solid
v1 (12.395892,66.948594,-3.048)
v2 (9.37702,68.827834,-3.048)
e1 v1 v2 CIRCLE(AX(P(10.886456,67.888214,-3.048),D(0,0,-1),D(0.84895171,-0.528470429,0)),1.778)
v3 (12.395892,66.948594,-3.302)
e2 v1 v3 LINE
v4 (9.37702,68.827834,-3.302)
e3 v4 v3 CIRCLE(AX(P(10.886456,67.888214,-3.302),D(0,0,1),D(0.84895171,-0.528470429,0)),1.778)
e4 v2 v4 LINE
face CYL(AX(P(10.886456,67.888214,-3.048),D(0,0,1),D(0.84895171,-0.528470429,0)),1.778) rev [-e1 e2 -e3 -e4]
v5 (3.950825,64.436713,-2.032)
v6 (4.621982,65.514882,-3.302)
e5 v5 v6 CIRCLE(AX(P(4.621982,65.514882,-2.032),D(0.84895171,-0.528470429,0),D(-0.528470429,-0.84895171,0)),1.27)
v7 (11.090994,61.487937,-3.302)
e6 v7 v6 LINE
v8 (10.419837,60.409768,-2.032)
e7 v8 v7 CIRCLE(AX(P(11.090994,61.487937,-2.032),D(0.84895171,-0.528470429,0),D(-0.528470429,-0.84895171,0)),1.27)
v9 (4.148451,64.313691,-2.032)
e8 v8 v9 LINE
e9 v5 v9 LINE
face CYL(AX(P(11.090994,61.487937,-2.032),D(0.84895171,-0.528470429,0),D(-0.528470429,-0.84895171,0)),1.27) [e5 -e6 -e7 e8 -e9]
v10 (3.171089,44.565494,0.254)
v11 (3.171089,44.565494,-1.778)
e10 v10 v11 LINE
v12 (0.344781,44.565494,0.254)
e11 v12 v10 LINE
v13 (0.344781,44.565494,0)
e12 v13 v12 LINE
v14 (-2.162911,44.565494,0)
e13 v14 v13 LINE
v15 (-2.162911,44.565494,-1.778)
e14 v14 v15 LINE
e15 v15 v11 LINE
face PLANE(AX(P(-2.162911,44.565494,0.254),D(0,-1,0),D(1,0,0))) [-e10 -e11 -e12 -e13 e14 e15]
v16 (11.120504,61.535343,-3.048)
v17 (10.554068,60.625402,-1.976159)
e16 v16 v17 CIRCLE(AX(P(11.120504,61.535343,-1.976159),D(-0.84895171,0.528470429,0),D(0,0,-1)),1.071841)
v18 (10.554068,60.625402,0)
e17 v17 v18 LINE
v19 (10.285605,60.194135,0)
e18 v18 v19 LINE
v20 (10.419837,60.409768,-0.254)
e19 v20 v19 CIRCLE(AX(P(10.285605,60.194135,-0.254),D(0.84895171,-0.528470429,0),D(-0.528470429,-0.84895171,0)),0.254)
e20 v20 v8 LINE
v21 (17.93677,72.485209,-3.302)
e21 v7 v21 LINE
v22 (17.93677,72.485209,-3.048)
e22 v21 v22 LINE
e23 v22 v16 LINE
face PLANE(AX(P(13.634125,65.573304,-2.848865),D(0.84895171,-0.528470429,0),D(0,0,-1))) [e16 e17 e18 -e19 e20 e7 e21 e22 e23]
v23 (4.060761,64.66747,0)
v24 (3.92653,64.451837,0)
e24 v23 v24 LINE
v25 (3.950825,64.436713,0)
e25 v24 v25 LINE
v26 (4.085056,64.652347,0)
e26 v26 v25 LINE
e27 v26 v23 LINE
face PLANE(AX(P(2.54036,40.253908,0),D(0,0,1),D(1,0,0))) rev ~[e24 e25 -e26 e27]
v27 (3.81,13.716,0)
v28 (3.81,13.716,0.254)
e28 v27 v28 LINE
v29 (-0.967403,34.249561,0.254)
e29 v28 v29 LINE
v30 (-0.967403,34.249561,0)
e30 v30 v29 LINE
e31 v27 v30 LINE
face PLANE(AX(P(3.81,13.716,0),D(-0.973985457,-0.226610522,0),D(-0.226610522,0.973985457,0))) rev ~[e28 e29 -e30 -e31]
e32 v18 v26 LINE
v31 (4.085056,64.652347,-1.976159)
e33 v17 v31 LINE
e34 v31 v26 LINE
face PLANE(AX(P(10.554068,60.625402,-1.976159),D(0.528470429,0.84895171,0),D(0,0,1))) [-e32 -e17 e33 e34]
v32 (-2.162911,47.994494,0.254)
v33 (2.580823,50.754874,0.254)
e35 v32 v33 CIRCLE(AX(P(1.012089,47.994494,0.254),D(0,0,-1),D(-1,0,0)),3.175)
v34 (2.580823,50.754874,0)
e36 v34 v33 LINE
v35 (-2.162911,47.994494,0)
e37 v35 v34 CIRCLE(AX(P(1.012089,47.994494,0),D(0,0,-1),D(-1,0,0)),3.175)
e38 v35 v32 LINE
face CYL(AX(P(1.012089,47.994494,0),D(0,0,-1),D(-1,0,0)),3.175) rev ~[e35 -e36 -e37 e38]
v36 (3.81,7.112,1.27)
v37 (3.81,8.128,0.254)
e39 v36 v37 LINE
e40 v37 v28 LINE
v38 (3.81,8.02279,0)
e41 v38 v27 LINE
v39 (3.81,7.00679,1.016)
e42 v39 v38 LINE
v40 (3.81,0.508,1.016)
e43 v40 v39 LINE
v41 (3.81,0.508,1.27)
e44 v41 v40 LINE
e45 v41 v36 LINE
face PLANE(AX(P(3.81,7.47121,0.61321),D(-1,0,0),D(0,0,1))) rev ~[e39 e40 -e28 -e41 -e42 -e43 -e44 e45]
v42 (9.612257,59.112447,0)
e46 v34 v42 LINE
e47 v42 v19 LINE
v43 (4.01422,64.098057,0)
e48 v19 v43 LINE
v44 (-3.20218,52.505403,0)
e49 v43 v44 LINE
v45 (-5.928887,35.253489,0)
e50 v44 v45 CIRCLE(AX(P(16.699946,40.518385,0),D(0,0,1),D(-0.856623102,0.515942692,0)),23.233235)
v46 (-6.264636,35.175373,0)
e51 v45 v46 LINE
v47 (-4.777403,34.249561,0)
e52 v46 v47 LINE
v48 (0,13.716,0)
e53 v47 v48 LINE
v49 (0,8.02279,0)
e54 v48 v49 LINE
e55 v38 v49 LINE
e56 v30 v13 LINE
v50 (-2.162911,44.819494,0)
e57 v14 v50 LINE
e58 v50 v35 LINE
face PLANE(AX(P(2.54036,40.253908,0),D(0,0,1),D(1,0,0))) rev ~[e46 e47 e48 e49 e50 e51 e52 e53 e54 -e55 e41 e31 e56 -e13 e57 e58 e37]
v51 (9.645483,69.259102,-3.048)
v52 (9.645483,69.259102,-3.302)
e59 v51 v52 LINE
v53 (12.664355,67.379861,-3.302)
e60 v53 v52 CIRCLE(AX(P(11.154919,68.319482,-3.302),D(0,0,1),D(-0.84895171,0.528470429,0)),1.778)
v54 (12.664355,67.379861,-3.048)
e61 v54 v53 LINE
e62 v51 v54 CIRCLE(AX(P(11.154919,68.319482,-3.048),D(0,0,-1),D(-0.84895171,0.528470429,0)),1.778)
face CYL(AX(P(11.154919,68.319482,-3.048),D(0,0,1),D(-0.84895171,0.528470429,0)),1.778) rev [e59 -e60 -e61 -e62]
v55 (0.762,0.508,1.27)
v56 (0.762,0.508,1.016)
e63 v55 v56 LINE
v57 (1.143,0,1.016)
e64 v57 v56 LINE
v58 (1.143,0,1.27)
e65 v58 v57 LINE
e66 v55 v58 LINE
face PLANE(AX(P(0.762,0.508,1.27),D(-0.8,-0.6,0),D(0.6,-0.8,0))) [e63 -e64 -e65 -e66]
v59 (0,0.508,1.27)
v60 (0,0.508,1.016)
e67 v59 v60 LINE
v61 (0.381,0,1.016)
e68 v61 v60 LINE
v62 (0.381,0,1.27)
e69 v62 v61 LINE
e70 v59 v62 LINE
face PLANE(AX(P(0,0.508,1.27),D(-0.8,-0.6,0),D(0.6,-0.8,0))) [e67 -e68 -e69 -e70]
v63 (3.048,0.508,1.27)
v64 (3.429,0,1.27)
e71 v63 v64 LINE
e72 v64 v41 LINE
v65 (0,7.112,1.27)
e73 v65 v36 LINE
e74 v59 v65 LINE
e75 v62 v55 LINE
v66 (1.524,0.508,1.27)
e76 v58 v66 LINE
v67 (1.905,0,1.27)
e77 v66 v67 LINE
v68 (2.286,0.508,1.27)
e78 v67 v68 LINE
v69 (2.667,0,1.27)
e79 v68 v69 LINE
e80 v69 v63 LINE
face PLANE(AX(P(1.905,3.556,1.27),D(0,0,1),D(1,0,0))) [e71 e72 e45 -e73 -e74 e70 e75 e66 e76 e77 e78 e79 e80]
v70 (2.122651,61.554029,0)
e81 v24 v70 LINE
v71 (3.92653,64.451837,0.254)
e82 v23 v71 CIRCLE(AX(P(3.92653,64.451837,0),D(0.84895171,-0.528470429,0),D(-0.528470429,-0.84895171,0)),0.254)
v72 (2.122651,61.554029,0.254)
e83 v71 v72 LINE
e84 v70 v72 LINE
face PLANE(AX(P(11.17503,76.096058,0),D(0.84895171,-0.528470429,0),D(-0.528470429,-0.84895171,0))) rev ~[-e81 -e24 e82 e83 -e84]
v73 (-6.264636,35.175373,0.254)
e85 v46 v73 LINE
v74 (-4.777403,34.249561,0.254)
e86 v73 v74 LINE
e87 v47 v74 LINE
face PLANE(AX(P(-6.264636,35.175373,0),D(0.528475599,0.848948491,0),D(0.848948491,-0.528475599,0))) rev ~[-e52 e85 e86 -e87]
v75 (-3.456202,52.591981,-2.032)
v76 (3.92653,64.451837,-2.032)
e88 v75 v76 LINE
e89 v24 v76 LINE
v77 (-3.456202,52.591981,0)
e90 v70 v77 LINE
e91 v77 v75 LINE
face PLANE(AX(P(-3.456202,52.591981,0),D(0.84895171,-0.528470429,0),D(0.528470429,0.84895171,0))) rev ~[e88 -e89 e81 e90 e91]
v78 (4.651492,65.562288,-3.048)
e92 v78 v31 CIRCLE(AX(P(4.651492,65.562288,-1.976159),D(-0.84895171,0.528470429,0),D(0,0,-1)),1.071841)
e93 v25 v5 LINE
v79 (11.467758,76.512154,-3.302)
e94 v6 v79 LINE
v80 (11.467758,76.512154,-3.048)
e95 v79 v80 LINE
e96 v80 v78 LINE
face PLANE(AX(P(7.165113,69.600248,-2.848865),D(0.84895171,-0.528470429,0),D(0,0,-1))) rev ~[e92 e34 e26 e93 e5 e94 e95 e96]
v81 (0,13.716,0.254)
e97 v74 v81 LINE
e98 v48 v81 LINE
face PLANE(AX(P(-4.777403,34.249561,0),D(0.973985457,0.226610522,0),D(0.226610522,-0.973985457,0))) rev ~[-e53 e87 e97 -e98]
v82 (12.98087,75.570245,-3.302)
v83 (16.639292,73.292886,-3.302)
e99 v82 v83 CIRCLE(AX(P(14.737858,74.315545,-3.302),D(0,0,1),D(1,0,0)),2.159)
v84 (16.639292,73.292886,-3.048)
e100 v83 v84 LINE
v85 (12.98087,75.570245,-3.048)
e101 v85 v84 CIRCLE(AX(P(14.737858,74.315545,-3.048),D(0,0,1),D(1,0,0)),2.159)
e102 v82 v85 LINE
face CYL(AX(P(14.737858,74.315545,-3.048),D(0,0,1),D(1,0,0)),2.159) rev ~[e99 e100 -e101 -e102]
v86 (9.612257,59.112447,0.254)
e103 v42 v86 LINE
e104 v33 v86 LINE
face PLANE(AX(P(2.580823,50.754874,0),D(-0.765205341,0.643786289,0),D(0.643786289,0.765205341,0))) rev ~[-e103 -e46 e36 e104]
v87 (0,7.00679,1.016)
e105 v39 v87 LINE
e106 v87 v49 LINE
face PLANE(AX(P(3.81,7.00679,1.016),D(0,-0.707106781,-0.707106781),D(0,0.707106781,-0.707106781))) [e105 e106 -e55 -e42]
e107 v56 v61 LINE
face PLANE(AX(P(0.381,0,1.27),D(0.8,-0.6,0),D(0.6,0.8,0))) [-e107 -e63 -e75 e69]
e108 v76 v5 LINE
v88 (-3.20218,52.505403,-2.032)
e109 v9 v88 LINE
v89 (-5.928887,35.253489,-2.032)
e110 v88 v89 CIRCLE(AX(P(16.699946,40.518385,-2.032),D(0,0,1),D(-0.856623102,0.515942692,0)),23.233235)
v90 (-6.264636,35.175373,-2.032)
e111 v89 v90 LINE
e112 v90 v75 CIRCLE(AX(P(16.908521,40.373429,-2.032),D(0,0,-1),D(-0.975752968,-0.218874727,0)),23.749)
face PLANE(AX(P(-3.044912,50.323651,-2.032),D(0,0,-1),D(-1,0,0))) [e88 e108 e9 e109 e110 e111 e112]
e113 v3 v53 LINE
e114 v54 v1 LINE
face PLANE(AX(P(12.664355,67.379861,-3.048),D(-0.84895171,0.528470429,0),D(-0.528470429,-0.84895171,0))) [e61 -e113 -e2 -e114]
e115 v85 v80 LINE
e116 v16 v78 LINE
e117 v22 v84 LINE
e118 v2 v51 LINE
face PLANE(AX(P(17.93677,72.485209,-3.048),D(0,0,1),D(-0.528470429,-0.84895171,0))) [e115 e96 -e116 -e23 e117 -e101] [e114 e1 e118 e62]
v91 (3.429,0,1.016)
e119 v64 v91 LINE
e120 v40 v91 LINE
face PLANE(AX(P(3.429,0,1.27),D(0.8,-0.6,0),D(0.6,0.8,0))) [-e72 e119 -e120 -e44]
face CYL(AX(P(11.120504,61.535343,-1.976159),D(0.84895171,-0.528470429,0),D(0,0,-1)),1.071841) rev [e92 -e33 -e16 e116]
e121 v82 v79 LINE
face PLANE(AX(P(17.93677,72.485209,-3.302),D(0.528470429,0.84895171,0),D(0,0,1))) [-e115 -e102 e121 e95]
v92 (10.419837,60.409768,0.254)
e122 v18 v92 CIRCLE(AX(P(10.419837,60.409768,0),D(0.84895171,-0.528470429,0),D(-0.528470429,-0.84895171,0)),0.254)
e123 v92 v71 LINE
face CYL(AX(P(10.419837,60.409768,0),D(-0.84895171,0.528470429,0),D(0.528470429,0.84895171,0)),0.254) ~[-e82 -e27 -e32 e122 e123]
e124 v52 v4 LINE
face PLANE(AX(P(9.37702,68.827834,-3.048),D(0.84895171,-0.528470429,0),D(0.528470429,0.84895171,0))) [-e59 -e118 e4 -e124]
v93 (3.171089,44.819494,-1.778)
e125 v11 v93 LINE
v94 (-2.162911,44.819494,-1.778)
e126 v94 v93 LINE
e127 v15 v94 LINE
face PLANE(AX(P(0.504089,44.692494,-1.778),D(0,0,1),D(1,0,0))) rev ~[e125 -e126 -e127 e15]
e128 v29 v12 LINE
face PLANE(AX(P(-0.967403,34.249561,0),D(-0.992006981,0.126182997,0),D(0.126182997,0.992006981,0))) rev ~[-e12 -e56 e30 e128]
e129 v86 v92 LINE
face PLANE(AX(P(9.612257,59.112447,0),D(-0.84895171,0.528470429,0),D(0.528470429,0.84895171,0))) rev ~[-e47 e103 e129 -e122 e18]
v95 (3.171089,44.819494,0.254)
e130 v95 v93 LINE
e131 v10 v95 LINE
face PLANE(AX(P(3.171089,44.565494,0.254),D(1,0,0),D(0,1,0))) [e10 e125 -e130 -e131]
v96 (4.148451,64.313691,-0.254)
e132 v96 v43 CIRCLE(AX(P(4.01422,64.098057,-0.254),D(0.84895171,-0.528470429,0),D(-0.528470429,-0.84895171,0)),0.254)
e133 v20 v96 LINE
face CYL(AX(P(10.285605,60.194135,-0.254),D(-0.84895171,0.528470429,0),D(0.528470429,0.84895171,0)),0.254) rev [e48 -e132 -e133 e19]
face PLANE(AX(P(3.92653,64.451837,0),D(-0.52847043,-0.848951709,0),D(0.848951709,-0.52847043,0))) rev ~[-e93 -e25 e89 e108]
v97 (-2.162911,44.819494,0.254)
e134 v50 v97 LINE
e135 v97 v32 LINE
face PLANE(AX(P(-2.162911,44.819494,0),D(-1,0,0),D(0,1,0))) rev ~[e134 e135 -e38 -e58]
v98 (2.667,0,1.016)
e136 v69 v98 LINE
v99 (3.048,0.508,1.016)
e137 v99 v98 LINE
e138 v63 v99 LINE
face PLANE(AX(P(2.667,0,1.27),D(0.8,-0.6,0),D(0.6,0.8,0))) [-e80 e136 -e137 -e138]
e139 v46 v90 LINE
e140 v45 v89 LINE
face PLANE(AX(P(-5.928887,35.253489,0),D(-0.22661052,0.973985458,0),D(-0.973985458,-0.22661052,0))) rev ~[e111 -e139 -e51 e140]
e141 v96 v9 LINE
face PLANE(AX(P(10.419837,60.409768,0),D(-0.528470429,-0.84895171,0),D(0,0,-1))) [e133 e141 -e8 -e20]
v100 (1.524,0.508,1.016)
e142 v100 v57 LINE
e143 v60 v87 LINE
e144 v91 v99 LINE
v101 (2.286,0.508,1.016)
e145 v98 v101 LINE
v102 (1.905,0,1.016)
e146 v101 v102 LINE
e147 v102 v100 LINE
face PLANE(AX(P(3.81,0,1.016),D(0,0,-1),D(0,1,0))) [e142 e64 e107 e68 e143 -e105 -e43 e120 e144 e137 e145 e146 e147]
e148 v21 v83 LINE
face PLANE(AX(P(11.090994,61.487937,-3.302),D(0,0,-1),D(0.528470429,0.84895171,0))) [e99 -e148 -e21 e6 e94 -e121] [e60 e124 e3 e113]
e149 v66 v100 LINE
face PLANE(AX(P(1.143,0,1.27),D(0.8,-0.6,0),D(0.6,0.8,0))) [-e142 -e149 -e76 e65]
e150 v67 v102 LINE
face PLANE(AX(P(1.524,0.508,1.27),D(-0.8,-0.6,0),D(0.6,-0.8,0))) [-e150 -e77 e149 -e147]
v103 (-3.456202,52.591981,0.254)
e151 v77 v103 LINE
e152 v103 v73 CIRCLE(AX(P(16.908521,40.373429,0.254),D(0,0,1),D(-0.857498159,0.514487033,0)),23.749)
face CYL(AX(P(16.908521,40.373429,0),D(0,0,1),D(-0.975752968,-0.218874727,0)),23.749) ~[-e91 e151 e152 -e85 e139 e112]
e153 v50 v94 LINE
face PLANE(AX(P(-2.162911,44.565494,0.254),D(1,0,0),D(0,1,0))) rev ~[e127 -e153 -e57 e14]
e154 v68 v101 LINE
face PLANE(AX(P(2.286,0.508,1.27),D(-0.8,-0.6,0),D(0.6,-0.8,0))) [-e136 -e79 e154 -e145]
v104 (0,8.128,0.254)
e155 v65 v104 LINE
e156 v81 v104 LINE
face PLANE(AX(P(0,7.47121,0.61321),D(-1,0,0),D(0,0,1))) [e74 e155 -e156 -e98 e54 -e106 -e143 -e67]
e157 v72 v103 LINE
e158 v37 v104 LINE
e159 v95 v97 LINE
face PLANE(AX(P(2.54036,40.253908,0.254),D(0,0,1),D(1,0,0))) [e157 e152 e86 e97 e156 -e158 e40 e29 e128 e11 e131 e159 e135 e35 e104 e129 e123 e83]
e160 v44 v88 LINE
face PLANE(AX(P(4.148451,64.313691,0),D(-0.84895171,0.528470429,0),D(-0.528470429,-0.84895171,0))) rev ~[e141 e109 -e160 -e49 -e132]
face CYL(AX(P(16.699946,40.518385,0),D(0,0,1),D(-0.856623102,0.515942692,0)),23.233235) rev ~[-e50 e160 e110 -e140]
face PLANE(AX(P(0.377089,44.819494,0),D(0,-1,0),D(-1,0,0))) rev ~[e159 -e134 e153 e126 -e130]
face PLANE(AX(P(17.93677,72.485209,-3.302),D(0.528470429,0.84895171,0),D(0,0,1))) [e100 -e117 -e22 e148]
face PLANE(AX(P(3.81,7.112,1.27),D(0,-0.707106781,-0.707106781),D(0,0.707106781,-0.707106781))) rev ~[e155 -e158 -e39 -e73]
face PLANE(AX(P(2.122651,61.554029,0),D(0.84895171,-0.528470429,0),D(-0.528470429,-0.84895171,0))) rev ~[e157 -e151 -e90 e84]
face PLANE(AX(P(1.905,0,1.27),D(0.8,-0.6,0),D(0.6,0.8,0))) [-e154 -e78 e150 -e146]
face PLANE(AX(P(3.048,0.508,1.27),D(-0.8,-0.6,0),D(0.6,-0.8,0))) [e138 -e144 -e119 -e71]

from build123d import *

# Parameters (mm, degrees)
BOSS_EXTRUDE1_DEPTH = 0.254
SKETCH3_W           = 3.81
SKETCH3_H           = 7.112
BOSS_EXTRUDE2_DEPTH = 1.016
BOSS_EXTRUDE3_DEPTH = 3.81
CUT_EXTRUDE1_DEPTH  = 3.81
CUT_EXTRUDE3_DEPTH  = 3.81
SKETCH9_W           = 5.334
SKETCH9_H           = 0.254
BOSS_EXTRUDE4_DEPTH = 2.032
BOSS_EXTRUDE5_DEPTH = 2.032
BOSS_EXTRUDE6_DEPTH = 7.62
SKETCH15_W          = 0.254
SKETCH15_H          = 13.969943058
CUT_EXTRUDE4_DEPTH  = 24.162808673
FILLET1_R           = 0.254
FILLET2_R           = 0.254
SKETCH16_R          = 2.159
CUT_EXTRUDE5_DEPTH  = 7.62
CUT_EXTRUDE6_DEPTH  = 7.62


with BuildPart() as part:
    # Sketch2 → Boss-Extrude1 (new body)
    with BuildSketch(Plane.XY):
        with BuildLine():
            Line((0, 7.62), (0, 0))
            Line((0, 0), (3.81, 0))
            Line((3.81, 0), (3.81, 13.716))
            Line((3.81, 13.716), (-0.967403026, 34.249561414))
            Line((-0.967403026, 34.249561414), (0.377089259, 44.819493706))
            Line((0.377089259, 44.819493706), (-2.162910741, 44.819493706))
            Line((-2.162910741, 44.819493706), (-2.162910741, 47.994493706))
            ThreePointArc((-2.162910741, 47.994493706), (-0.584766227, 50.738701708), (2.580823154, 50.754873928))
            Line((2.580823154, 50.754873928), (9.612257003, 59.112446663))
            Line((9.612257003, 59.112446663), (17.936769995, 72.485209152))
            Line((17.936769995, 72.485209152), (16.427333856, 73.424829575))
            ThreePointArc((16.427333856, 73.424829575), (15.208368205, 71.757285785), (13.146272514, 71.877039345))
            ThreePointArc((13.146272514, 71.877039345), (12.149333877, 73.408865168), (12.684466147, 75.156437899))
            Line((12.684466147, 75.156437899), (11.175030007, 76.096058323))
            Line((11.175030007, 76.096058323), (2.122651116, 61.554028899))
            Line((2.122651116, 61.554028899), (-3.456202303, 52.591981292))
            ThreePointArc((-3.456202303, 52.591981292), (-6.537615376, 44.154125487), (-6.264635755, 35.175372833))
            Line((-6.264635755, 35.175372833), (-4.777403026, 34.249561414))
            Line((-4.777403026, 34.249561414), (0, 13.716))
            Line((0, 13.716), (0, 7.62))
        make_face()
    extrude(amount=BOSS_EXTRUDE1_DEPTH)

    # Sketch3 → Boss-Extrude2 (add)
    with BuildSketch(Plane.XY.offset(0.254)):
        with Locations((1.905, 3.556)):
            Rectangle(SKETCH3_W, SKETCH3_H)
    extrude(amount=BOSS_EXTRUDE2_DEPTH)

    # Sketch4 → Boss-Extrude3 (add)
    with BuildSketch(Plane(origin=(3.81, 0, 0), x_dir=(0, 0, -1), z_dir=(1, 0, 0))):
        Polygon((-1.27, 7.112), (-0.254, 8.128), (-0.254, 7.112), align=None)
    extrude(amount=-BOSS_EXTRUDE3_DEPTH)

    # Sketch5 → Cut-Extrude1 (cut)
    with BuildSketch(Plane(origin=(3.81, 0, 0), x_dir=(0, 0, -1), z_dir=(1, 0, 0))):
        Polygon((0, 0), (-1.016, 0), (-1.016, 7.006789755), (0, 8.022789755), align=None)
    extrude(amount=-CUT_EXTRUDE1_DEPTH, mode=Mode.SUBTRACT)

    # Sketch7 → Cut-Extrude3 (cut)
    with BuildSketch(Plane.XY.offset(1.27)):
        Polygon((0, 0.508), (0.381, 0), (0.762, 0.508), (1.143, 0), (1.524, 0.508), (1.905, 0), (2.286, 0.508), (2.667, 0), (3.048, 0.508), (3.429, 0), (3.81, 0.508), (3.81, 0), (0, 0), align=None)
    extrude(amount=-CUT_EXTRUDE3_DEPTH, mode=Mode.SUBTRACT)

    # Sketch9 → Boss-Extrude4 (add)
    with BuildSketch(Plane.XY.offset(0.254)):
        with Locations((0.504089259, 44.692493706)):
            Rectangle(SKETCH9_W, SKETCH9_H)
    extrude(amount=-BOSS_EXTRUDE4_DEPTH)

    # Sketch10 → Boss-Extrude5 (add)
    with BuildSketch(Plane(origin=(0, 0, 0), x_dir=(-1, 0, 0), z_dir=(0, 0, -1))):
        with BuildLine():
            Line((5.928887496, 35.253489079), (6.264635755, 35.175372833))
            ThreePointArc((6.264635755, 35.175372833), (6.537615376, 44.154125487), (3.456202303, 52.591981292))
            Line((3.456202303, 52.591981292), (-3.926529596, 64.451836675))
            Line((-3.926529596, 64.451836675), (-4.148451246, 64.313690973))
            Line((-4.148451246, 64.313690973), (3.202180271, 52.505402665))
            ThreePointArc((3.202180271, 52.505402665), (6.248425743, 44.145431055), (5.928887496, 35.253489079))
        make_face()
    extrude(amount=BOSS_EXTRUDE5_DEPTH)

    # Sketch13 → Boss-Extrude6 (add)
    with BuildSketch(Plane(origin=(-19.592819025, 12.196483461, 0), x_dir=(0, 0, -1), z_dir=(0.84895171, -0.528470429, 0))):
        with BuildLine():
            Line((0, 56.791551712), (2.032, 56.791551712))
            ThreePointArc((2.032, 56.791551712), (2.930025612, 57.1635261), (3.302, 58.061551712))
            Line((3.302, 58.061551712), (3.302, 71.01549477))
            Line((3.302, 71.01549477), (3.048, 71.01549477))
            Line((3.048, 71.01549477), (3.048, 58.117392676))
            ThreePointArc((3.048, 58.117392676), (2.73406505, 57.359486662), (1.976159036, 57.045551712))
            Line((1.976159036, 57.045551712), (0, 57.045551712))
            Line((0, 57.045551712), (0, 56.791551712))
        make_face()
    extrude(amount=-BOSS_EXTRUDE6_DEPTH)

    # Sketch15 → Cut-Extrude4 (cut, through all)
    with BuildSketch(Plane(origin=(-19.592819025, 12.196483461, 0), x_dir=(0, 0, -1), z_dir=(0.84895171, -0.528470429, 0))):
        with Locations((-0.127, 64.030523241)):
            Rectangle(SKETCH15_W, SKETCH15_H)
    extrude(amount=-CUT_EXTRUDE4_DEPTH, mode=Mode.SUBTRACT)

    # Fillet1
    fillet1_edges = [part.edges().sort_by_distance(p)[0] for p in [
        (7.307414636, 62.646436259, 0.254),
    ]]
    fillet(fillet1_edges, radius=FILLET1_R)

    # Fillet2
    fillet2_edges = [part.edges().sort_by_distance(p)[0] for p in [
        (7.284143972, 62.361729674, 0),
    ]]
    fillet(fillet2_edges, radius=FILLET2_R)

    # Sketch16 → Cut-Extrude5 (cut)
    with BuildSketch(Plane.XY.offset(-3.048)):
        with Locations((14.737858035, 74.315544717)):
            Circle(SKETCH16_R)
    extrude(amount=-CUT_EXTRUDE5_DEPTH, mode=Mode.SUBTRACT)

    # Sketch17 → Cut-Extrude6 (cut)
    with BuildSketch(Plane.XY.offset(-3.048)):
        with BuildLine():
            Line((12.664355285, 67.379861092), (12.395892307, 66.948593623))
            ThreePointArc((12.395892307, 66.948593623), (9.946835744, 66.378777907), (9.377020028, 68.82783447))
            Line((9.377020028, 68.82783447), (9.645483006, 69.259101939))
            ThreePointArc((9.645483006, 69.259101939), (12.094539569, 69.828917655), (12.664355285, 67.379861092))
        make_face()
    extrude(amount=-CUT_EXTRUDE6_DEPTH, mode=Mode.SUBTRACT)


solid = part.part
